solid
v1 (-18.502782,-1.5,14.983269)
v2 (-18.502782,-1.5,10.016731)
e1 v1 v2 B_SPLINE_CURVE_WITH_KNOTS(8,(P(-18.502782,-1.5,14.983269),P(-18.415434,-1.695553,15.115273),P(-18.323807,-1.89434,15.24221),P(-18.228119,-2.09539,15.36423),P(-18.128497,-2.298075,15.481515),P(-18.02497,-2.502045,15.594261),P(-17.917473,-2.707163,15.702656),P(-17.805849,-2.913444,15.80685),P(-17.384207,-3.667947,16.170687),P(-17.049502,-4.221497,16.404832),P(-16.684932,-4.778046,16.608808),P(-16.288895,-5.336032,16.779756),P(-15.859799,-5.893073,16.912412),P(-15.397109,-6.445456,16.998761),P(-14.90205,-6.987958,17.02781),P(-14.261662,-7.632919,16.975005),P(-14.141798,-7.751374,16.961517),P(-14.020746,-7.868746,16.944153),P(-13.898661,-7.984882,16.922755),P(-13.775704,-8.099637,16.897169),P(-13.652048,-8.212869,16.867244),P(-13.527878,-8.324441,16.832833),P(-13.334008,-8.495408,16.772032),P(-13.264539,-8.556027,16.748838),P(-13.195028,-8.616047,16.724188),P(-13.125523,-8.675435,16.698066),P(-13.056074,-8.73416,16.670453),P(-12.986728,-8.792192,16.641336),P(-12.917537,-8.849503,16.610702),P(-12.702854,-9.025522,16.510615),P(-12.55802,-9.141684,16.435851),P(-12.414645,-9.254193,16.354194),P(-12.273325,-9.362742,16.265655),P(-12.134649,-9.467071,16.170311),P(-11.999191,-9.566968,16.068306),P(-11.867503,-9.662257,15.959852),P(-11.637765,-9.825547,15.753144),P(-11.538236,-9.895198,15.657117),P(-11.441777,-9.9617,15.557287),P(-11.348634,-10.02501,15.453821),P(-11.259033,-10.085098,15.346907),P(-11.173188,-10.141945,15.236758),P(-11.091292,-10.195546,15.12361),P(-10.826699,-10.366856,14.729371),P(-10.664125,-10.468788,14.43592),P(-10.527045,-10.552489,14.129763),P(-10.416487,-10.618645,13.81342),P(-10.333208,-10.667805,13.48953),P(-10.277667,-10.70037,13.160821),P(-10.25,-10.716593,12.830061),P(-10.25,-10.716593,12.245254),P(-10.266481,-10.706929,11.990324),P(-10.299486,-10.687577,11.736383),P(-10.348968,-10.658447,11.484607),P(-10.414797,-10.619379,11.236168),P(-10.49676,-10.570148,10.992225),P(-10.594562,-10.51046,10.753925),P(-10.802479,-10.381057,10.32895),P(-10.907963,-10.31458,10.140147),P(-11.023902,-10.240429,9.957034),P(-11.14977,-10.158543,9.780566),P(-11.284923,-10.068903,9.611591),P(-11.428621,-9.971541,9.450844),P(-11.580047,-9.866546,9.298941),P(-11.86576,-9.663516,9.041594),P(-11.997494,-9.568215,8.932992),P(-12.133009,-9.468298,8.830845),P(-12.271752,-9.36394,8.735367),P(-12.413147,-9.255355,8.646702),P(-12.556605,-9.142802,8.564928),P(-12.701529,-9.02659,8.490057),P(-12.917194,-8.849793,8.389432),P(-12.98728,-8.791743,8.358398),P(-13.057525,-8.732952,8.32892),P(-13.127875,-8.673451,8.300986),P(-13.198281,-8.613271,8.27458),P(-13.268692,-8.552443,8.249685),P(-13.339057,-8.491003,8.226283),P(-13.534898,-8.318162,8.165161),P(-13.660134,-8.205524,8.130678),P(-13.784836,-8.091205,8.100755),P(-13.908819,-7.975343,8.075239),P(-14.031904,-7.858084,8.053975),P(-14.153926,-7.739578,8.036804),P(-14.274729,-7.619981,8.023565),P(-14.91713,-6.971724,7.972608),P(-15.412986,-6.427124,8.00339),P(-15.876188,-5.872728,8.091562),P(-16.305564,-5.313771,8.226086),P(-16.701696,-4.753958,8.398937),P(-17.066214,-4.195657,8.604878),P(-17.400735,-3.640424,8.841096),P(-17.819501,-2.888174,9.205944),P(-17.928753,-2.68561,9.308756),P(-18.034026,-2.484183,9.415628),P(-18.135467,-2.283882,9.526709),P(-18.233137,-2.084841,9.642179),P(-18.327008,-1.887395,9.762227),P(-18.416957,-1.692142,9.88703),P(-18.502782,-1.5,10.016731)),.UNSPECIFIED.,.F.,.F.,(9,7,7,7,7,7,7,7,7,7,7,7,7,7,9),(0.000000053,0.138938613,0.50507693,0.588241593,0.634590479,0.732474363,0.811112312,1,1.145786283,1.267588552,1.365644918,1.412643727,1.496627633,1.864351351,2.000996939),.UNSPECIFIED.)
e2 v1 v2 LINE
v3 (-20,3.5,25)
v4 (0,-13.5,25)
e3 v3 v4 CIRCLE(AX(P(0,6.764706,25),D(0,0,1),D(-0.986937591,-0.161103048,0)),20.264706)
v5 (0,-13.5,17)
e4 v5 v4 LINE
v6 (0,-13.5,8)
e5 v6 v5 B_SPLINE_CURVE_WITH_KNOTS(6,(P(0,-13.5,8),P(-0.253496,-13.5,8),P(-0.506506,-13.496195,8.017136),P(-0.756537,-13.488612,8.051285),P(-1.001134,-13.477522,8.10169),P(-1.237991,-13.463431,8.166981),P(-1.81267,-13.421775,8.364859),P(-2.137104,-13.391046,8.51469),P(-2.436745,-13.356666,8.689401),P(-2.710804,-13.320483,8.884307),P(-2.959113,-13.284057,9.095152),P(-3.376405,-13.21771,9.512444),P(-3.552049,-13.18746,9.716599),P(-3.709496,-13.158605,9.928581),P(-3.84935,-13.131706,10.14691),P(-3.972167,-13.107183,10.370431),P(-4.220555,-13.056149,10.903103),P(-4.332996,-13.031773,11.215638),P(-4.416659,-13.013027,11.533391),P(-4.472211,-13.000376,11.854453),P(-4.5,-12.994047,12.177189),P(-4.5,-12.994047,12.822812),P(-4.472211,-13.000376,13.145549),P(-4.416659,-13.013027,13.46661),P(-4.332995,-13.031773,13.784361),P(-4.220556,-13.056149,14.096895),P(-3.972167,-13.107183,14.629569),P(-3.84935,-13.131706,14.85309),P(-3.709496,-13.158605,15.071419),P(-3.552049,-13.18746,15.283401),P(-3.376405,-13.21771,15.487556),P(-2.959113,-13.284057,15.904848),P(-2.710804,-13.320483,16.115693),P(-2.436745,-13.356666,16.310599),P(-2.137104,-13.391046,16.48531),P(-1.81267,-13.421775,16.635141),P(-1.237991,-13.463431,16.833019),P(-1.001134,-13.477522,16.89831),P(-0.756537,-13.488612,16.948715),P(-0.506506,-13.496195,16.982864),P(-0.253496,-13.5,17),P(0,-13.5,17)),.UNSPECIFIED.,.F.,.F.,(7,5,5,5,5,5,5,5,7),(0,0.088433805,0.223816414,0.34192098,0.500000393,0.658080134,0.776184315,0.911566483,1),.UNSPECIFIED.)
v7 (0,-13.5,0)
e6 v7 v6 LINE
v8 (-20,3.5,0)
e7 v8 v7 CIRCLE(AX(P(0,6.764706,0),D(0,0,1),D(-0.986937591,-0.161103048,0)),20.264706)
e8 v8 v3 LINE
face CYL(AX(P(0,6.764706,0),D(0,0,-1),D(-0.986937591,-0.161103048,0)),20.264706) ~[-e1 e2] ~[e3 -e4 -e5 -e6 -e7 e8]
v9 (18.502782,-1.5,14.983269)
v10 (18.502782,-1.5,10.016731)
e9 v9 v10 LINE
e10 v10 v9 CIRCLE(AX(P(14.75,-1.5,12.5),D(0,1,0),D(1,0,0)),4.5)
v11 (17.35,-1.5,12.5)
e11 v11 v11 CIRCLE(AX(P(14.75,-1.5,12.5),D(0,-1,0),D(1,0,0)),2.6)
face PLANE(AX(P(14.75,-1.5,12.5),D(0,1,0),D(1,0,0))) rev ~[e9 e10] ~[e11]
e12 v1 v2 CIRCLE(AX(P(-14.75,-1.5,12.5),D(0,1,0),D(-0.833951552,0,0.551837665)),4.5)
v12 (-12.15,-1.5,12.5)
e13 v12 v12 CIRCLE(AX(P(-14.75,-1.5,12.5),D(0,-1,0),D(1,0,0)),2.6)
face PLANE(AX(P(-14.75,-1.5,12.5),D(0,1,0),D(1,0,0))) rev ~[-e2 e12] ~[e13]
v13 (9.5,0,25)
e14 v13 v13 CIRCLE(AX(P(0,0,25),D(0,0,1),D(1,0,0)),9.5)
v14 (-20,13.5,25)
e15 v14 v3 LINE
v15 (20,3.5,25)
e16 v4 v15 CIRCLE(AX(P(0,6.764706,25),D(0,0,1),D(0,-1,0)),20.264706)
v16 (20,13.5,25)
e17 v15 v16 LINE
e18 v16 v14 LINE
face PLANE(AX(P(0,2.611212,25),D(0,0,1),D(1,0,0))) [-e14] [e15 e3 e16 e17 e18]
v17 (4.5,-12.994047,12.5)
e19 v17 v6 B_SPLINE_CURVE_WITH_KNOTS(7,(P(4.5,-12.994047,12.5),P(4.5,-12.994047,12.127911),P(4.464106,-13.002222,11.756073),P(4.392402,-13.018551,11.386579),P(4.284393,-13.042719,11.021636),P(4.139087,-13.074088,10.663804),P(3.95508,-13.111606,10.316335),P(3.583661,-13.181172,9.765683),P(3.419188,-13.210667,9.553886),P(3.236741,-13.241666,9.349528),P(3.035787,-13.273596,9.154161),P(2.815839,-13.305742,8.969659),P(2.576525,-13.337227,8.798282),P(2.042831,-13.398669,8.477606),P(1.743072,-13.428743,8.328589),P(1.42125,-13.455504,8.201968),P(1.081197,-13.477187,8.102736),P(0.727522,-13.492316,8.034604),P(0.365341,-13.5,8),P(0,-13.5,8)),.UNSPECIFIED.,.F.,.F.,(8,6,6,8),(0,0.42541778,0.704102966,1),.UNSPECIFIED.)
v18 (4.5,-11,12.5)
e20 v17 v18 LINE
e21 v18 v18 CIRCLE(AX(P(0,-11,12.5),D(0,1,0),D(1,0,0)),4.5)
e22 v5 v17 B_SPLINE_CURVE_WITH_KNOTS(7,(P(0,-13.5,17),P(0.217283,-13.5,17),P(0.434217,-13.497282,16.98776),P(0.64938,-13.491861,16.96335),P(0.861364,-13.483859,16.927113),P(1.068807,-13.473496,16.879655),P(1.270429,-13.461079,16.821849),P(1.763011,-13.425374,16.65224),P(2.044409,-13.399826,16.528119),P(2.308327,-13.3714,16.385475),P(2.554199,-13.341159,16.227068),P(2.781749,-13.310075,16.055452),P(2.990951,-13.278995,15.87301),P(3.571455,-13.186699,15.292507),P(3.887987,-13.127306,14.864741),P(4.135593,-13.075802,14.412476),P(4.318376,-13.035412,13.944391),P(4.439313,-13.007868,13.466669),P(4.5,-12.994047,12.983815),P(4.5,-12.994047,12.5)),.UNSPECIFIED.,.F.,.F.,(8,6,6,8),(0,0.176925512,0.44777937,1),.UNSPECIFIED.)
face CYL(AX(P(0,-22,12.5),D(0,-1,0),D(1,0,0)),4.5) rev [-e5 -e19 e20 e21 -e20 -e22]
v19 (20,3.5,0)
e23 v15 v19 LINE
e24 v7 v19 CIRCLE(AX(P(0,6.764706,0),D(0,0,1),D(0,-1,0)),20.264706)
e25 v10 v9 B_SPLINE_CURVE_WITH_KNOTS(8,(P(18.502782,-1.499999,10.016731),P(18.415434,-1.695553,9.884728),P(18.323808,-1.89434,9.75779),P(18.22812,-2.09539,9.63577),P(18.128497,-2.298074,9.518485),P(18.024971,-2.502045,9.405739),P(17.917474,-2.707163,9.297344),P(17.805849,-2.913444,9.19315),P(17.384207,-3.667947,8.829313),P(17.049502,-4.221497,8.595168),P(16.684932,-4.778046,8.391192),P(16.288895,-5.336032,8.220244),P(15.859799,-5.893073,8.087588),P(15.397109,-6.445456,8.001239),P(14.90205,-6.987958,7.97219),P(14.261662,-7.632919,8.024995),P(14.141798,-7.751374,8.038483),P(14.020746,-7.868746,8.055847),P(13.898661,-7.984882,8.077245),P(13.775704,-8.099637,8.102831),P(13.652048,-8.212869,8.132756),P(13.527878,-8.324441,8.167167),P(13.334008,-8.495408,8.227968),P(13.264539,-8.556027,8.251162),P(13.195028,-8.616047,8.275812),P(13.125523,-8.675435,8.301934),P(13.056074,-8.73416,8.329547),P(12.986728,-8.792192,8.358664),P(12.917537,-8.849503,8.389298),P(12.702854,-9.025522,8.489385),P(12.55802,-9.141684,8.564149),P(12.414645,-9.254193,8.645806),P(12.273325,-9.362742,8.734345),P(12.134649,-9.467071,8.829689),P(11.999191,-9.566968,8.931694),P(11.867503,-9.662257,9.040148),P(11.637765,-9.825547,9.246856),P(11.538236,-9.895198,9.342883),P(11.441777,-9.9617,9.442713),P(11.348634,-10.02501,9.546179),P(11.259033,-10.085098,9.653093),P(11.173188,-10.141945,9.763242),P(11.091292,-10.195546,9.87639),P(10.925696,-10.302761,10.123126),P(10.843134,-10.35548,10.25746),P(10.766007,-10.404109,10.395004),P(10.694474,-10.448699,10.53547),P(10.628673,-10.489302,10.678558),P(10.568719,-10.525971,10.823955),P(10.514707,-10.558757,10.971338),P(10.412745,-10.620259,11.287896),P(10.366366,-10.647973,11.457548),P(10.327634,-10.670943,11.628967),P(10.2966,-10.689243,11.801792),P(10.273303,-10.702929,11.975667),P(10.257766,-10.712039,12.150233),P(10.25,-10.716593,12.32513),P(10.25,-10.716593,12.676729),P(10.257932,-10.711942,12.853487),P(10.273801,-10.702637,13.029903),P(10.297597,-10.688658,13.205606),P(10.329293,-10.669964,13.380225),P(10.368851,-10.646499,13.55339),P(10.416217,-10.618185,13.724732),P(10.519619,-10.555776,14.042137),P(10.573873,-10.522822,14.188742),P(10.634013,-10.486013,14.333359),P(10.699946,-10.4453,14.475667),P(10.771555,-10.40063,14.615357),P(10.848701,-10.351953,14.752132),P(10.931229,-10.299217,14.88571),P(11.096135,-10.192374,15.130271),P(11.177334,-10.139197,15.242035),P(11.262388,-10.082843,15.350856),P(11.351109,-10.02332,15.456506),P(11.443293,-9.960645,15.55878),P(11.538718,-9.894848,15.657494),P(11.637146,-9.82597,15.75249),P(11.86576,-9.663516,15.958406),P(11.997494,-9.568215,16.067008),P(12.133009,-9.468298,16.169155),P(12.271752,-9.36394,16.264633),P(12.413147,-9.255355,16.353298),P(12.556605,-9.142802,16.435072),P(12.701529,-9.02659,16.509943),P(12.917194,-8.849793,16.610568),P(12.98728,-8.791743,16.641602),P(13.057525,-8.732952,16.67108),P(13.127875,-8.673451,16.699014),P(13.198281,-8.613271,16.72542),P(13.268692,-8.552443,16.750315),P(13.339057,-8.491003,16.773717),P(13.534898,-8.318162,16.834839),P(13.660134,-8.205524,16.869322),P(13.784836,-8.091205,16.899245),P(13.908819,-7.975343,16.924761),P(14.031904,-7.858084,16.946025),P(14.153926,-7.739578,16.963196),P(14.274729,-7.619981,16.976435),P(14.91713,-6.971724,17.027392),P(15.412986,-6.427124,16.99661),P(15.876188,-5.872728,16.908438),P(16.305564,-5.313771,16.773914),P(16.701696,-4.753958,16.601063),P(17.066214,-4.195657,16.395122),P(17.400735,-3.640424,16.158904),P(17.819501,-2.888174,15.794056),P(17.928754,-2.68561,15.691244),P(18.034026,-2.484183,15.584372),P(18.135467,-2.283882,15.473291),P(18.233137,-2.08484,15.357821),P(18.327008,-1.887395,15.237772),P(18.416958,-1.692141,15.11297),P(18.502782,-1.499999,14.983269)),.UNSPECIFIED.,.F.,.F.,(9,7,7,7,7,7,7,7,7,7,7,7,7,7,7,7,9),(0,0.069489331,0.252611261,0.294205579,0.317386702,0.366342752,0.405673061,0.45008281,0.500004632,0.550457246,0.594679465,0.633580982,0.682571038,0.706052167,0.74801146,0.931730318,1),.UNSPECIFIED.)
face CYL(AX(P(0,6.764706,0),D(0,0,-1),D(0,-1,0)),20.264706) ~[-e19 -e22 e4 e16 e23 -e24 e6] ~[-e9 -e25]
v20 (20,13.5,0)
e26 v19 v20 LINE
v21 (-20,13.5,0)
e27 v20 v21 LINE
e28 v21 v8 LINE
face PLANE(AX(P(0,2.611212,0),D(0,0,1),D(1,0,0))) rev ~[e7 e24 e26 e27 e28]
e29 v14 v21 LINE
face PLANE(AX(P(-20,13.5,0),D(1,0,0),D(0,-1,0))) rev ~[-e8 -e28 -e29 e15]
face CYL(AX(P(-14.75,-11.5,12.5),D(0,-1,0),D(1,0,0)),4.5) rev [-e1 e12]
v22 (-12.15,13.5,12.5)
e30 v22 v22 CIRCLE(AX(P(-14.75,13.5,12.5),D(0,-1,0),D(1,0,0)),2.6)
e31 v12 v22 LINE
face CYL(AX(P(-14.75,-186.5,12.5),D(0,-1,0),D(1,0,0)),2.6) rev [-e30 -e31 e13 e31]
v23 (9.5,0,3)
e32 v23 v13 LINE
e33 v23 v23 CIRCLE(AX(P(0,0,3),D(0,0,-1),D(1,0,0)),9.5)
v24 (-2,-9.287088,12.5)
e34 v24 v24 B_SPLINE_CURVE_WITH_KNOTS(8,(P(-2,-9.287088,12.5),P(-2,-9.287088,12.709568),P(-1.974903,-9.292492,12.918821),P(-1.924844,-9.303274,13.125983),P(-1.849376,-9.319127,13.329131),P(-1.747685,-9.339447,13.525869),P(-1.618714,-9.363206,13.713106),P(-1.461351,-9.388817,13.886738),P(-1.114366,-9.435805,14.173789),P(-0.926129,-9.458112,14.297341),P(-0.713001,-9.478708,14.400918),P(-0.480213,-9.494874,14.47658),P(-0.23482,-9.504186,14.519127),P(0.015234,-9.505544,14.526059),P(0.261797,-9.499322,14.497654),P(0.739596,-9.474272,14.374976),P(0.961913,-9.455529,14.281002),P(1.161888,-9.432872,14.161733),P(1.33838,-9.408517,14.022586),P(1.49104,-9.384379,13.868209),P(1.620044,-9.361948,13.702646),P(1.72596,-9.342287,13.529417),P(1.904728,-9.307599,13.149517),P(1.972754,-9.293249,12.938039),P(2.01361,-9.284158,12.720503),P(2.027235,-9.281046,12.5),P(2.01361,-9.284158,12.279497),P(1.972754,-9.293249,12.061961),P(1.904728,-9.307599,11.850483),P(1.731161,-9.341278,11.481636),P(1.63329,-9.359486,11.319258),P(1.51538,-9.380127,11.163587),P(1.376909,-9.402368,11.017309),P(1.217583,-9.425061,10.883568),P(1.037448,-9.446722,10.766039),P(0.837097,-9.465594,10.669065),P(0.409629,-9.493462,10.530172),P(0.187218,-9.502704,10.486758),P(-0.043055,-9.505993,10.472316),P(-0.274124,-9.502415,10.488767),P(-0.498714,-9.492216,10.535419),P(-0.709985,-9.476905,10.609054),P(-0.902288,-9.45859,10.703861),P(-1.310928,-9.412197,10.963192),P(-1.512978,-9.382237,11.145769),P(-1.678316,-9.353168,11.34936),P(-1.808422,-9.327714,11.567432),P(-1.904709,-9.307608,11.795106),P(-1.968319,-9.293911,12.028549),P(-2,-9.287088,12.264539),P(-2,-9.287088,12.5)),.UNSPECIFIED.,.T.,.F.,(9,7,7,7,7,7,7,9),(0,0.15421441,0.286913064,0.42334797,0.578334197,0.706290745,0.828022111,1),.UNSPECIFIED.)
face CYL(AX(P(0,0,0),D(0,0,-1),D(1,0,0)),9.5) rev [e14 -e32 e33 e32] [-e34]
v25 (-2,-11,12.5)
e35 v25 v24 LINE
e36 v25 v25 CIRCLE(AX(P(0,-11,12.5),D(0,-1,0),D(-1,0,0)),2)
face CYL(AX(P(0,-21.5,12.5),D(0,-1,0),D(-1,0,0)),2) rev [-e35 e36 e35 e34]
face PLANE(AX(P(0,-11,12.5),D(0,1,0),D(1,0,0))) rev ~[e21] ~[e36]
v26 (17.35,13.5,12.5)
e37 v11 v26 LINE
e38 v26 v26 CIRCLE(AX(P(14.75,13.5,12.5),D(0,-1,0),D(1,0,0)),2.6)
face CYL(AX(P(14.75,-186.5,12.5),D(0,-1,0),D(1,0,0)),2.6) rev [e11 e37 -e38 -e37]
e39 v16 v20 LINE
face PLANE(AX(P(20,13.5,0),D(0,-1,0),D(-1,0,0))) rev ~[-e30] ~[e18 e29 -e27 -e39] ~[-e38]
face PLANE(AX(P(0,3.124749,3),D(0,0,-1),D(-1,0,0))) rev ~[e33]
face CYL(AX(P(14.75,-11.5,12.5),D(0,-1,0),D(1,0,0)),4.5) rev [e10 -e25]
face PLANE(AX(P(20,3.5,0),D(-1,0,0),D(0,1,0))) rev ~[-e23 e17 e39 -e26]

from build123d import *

# Parameters (mm, degrees)
CROQUIS1_R                 = 9.5
SALIENTE_EXTRUIR1_DEPTH    = 25
SALIENTE_EXTRUIR2_DEPTH    = 3
CORTAR_EXTRUIR1_DEPTH      = 42.880783183
CORTAR_EXTRUIR1_DEPTH_BACK = 200
CROQUIS3_R                 = 2.6
CROQUIS4_R                 = 4.5
CORTAR_EXTRUIR2_DEPTH      = 10
CORTAR_EXTRUIR3_DEPTH      = 10
CORTAR_EXTRUIR3_DEPTH_BACK = 10
CROQUIS5_R                 = 2
CORTAR_EXTRUIR4_DEPTH      = 0.5
CORTAR_EXTRUIR4_DEPTH_BACK = 10.5
CROQUIS6_R                 = 4.5


with BuildPart() as part:
    # Croquis1 → Saliente-Extruir1 (new body)
    with BuildSketch(Plane.XY):
        with BuildLine():
            Line((0, 13.5), (-20, 13.5))
            Line((-20, 13.5), (-20, 3.5))
            ThreePointArc((-20, 3.5), (-13.124404748, -8.675770292), (0, -13.5))
            ThreePointArc((0, -13.5), (13.124404748, -8.675770292), (20, 3.5))
            Line((20, 3.5), (20, 13.5))
            Line((20, 13.5), (0, 13.5))
        make_face()
        Circle(CROQUIS1_R, mode=Mode.SUBTRACT)
    extrude(amount=SALIENTE_EXTRUIR1_DEPTH)

    # Croquis2 → Saliente-Extruir2 (add)
    with BuildSketch(Plane(origin=(0, 0, 0), x_dir=(-1, 0, 0), z_dir=(0, 0, -1))):
        with BuildLine():
            Line((20, 13.5), (-20, 13.5))
            Line((-20, 13.5), (-20, 3.5))
            ThreePointArc((-20, 3.5), (0, -13.5), (20, 3.5))
            Line((20, 3.5), (20, 13.5))
        make_face()
    extrude(amount=-SALIENTE_EXTRUIR2_DEPTH)

    # Croquis3 → Cortar-Extruir1 (cut, two sides: drawn at the far end of the back side and taken through both)
    with BuildSketch(Plane(origin=(0, 13.5, 0), x_dir=(1, 0, 0), z_dir=(0, 1, 0)).offset(-CORTAR_EXTRUIR1_DEPTH_BACK)):
        with Locations((14.75, -12.5)):
            Circle(CROQUIS3_R)
        with Locations((-14.75, -12.5)):
            Circle(CROQUIS3_R)
    extrude(amount=CORTAR_EXTRUIR1_DEPTH + CORTAR_EXTRUIR1_DEPTH_BACK, mode=Mode.SUBTRACT)

    # Croquis4 → Cortar-Extruir2 (cut)
    with BuildSketch(Plane(origin=(0, -11.5, 0), x_dir=(1, 0, 0), z_dir=(0, 1, 0))):
        with Locations((-14.75, -12.5)):
            Circle(CROQUIS4_R)
        with Locations((14.75, -12.5)):
            Circle(CROQUIS4_R)
    extrude(amount=CORTAR_EXTRUIR2_DEPTH, mode=Mode.SUBTRACT)

    # Croquis5 → Cortar-Extruir3 (cut, two sides: drawn at the far end of the back side and taken through both)
    with BuildSketch(Plane(origin=(0, -11.5, 0), x_dir=(1, 0, 0), z_dir=(0, 1, 0)).offset(-CORTAR_EXTRUIR3_DEPTH_BACK)):
        with Locations((0, -12.5)):
            Circle(CROQUIS5_R)
    extrude(amount=CORTAR_EXTRUIR3_DEPTH + CORTAR_EXTRUIR3_DEPTH_BACK, mode=Mode.SUBTRACT)

    # Croquis6 → Cortar-Extruir4 (cut, two sides: drawn at the far end of the back side and taken through both)
    with BuildSketch(Plane(origin=(0, -11.5, 0), x_dir=(1, 0, 0), z_dir=(0, 1, 0)).offset(-CORTAR_EXTRUIR4_DEPTH_BACK)):
        with Locations((0, -12.5)):
            Circle(CROQUIS6_R)
    extrude(amount=CORTAR_EXTRUIR4_DEPTH + CORTAR_EXTRUIR4_DEPTH_BACK, mode=Mode.SUBTRACT)


solid = part.part
